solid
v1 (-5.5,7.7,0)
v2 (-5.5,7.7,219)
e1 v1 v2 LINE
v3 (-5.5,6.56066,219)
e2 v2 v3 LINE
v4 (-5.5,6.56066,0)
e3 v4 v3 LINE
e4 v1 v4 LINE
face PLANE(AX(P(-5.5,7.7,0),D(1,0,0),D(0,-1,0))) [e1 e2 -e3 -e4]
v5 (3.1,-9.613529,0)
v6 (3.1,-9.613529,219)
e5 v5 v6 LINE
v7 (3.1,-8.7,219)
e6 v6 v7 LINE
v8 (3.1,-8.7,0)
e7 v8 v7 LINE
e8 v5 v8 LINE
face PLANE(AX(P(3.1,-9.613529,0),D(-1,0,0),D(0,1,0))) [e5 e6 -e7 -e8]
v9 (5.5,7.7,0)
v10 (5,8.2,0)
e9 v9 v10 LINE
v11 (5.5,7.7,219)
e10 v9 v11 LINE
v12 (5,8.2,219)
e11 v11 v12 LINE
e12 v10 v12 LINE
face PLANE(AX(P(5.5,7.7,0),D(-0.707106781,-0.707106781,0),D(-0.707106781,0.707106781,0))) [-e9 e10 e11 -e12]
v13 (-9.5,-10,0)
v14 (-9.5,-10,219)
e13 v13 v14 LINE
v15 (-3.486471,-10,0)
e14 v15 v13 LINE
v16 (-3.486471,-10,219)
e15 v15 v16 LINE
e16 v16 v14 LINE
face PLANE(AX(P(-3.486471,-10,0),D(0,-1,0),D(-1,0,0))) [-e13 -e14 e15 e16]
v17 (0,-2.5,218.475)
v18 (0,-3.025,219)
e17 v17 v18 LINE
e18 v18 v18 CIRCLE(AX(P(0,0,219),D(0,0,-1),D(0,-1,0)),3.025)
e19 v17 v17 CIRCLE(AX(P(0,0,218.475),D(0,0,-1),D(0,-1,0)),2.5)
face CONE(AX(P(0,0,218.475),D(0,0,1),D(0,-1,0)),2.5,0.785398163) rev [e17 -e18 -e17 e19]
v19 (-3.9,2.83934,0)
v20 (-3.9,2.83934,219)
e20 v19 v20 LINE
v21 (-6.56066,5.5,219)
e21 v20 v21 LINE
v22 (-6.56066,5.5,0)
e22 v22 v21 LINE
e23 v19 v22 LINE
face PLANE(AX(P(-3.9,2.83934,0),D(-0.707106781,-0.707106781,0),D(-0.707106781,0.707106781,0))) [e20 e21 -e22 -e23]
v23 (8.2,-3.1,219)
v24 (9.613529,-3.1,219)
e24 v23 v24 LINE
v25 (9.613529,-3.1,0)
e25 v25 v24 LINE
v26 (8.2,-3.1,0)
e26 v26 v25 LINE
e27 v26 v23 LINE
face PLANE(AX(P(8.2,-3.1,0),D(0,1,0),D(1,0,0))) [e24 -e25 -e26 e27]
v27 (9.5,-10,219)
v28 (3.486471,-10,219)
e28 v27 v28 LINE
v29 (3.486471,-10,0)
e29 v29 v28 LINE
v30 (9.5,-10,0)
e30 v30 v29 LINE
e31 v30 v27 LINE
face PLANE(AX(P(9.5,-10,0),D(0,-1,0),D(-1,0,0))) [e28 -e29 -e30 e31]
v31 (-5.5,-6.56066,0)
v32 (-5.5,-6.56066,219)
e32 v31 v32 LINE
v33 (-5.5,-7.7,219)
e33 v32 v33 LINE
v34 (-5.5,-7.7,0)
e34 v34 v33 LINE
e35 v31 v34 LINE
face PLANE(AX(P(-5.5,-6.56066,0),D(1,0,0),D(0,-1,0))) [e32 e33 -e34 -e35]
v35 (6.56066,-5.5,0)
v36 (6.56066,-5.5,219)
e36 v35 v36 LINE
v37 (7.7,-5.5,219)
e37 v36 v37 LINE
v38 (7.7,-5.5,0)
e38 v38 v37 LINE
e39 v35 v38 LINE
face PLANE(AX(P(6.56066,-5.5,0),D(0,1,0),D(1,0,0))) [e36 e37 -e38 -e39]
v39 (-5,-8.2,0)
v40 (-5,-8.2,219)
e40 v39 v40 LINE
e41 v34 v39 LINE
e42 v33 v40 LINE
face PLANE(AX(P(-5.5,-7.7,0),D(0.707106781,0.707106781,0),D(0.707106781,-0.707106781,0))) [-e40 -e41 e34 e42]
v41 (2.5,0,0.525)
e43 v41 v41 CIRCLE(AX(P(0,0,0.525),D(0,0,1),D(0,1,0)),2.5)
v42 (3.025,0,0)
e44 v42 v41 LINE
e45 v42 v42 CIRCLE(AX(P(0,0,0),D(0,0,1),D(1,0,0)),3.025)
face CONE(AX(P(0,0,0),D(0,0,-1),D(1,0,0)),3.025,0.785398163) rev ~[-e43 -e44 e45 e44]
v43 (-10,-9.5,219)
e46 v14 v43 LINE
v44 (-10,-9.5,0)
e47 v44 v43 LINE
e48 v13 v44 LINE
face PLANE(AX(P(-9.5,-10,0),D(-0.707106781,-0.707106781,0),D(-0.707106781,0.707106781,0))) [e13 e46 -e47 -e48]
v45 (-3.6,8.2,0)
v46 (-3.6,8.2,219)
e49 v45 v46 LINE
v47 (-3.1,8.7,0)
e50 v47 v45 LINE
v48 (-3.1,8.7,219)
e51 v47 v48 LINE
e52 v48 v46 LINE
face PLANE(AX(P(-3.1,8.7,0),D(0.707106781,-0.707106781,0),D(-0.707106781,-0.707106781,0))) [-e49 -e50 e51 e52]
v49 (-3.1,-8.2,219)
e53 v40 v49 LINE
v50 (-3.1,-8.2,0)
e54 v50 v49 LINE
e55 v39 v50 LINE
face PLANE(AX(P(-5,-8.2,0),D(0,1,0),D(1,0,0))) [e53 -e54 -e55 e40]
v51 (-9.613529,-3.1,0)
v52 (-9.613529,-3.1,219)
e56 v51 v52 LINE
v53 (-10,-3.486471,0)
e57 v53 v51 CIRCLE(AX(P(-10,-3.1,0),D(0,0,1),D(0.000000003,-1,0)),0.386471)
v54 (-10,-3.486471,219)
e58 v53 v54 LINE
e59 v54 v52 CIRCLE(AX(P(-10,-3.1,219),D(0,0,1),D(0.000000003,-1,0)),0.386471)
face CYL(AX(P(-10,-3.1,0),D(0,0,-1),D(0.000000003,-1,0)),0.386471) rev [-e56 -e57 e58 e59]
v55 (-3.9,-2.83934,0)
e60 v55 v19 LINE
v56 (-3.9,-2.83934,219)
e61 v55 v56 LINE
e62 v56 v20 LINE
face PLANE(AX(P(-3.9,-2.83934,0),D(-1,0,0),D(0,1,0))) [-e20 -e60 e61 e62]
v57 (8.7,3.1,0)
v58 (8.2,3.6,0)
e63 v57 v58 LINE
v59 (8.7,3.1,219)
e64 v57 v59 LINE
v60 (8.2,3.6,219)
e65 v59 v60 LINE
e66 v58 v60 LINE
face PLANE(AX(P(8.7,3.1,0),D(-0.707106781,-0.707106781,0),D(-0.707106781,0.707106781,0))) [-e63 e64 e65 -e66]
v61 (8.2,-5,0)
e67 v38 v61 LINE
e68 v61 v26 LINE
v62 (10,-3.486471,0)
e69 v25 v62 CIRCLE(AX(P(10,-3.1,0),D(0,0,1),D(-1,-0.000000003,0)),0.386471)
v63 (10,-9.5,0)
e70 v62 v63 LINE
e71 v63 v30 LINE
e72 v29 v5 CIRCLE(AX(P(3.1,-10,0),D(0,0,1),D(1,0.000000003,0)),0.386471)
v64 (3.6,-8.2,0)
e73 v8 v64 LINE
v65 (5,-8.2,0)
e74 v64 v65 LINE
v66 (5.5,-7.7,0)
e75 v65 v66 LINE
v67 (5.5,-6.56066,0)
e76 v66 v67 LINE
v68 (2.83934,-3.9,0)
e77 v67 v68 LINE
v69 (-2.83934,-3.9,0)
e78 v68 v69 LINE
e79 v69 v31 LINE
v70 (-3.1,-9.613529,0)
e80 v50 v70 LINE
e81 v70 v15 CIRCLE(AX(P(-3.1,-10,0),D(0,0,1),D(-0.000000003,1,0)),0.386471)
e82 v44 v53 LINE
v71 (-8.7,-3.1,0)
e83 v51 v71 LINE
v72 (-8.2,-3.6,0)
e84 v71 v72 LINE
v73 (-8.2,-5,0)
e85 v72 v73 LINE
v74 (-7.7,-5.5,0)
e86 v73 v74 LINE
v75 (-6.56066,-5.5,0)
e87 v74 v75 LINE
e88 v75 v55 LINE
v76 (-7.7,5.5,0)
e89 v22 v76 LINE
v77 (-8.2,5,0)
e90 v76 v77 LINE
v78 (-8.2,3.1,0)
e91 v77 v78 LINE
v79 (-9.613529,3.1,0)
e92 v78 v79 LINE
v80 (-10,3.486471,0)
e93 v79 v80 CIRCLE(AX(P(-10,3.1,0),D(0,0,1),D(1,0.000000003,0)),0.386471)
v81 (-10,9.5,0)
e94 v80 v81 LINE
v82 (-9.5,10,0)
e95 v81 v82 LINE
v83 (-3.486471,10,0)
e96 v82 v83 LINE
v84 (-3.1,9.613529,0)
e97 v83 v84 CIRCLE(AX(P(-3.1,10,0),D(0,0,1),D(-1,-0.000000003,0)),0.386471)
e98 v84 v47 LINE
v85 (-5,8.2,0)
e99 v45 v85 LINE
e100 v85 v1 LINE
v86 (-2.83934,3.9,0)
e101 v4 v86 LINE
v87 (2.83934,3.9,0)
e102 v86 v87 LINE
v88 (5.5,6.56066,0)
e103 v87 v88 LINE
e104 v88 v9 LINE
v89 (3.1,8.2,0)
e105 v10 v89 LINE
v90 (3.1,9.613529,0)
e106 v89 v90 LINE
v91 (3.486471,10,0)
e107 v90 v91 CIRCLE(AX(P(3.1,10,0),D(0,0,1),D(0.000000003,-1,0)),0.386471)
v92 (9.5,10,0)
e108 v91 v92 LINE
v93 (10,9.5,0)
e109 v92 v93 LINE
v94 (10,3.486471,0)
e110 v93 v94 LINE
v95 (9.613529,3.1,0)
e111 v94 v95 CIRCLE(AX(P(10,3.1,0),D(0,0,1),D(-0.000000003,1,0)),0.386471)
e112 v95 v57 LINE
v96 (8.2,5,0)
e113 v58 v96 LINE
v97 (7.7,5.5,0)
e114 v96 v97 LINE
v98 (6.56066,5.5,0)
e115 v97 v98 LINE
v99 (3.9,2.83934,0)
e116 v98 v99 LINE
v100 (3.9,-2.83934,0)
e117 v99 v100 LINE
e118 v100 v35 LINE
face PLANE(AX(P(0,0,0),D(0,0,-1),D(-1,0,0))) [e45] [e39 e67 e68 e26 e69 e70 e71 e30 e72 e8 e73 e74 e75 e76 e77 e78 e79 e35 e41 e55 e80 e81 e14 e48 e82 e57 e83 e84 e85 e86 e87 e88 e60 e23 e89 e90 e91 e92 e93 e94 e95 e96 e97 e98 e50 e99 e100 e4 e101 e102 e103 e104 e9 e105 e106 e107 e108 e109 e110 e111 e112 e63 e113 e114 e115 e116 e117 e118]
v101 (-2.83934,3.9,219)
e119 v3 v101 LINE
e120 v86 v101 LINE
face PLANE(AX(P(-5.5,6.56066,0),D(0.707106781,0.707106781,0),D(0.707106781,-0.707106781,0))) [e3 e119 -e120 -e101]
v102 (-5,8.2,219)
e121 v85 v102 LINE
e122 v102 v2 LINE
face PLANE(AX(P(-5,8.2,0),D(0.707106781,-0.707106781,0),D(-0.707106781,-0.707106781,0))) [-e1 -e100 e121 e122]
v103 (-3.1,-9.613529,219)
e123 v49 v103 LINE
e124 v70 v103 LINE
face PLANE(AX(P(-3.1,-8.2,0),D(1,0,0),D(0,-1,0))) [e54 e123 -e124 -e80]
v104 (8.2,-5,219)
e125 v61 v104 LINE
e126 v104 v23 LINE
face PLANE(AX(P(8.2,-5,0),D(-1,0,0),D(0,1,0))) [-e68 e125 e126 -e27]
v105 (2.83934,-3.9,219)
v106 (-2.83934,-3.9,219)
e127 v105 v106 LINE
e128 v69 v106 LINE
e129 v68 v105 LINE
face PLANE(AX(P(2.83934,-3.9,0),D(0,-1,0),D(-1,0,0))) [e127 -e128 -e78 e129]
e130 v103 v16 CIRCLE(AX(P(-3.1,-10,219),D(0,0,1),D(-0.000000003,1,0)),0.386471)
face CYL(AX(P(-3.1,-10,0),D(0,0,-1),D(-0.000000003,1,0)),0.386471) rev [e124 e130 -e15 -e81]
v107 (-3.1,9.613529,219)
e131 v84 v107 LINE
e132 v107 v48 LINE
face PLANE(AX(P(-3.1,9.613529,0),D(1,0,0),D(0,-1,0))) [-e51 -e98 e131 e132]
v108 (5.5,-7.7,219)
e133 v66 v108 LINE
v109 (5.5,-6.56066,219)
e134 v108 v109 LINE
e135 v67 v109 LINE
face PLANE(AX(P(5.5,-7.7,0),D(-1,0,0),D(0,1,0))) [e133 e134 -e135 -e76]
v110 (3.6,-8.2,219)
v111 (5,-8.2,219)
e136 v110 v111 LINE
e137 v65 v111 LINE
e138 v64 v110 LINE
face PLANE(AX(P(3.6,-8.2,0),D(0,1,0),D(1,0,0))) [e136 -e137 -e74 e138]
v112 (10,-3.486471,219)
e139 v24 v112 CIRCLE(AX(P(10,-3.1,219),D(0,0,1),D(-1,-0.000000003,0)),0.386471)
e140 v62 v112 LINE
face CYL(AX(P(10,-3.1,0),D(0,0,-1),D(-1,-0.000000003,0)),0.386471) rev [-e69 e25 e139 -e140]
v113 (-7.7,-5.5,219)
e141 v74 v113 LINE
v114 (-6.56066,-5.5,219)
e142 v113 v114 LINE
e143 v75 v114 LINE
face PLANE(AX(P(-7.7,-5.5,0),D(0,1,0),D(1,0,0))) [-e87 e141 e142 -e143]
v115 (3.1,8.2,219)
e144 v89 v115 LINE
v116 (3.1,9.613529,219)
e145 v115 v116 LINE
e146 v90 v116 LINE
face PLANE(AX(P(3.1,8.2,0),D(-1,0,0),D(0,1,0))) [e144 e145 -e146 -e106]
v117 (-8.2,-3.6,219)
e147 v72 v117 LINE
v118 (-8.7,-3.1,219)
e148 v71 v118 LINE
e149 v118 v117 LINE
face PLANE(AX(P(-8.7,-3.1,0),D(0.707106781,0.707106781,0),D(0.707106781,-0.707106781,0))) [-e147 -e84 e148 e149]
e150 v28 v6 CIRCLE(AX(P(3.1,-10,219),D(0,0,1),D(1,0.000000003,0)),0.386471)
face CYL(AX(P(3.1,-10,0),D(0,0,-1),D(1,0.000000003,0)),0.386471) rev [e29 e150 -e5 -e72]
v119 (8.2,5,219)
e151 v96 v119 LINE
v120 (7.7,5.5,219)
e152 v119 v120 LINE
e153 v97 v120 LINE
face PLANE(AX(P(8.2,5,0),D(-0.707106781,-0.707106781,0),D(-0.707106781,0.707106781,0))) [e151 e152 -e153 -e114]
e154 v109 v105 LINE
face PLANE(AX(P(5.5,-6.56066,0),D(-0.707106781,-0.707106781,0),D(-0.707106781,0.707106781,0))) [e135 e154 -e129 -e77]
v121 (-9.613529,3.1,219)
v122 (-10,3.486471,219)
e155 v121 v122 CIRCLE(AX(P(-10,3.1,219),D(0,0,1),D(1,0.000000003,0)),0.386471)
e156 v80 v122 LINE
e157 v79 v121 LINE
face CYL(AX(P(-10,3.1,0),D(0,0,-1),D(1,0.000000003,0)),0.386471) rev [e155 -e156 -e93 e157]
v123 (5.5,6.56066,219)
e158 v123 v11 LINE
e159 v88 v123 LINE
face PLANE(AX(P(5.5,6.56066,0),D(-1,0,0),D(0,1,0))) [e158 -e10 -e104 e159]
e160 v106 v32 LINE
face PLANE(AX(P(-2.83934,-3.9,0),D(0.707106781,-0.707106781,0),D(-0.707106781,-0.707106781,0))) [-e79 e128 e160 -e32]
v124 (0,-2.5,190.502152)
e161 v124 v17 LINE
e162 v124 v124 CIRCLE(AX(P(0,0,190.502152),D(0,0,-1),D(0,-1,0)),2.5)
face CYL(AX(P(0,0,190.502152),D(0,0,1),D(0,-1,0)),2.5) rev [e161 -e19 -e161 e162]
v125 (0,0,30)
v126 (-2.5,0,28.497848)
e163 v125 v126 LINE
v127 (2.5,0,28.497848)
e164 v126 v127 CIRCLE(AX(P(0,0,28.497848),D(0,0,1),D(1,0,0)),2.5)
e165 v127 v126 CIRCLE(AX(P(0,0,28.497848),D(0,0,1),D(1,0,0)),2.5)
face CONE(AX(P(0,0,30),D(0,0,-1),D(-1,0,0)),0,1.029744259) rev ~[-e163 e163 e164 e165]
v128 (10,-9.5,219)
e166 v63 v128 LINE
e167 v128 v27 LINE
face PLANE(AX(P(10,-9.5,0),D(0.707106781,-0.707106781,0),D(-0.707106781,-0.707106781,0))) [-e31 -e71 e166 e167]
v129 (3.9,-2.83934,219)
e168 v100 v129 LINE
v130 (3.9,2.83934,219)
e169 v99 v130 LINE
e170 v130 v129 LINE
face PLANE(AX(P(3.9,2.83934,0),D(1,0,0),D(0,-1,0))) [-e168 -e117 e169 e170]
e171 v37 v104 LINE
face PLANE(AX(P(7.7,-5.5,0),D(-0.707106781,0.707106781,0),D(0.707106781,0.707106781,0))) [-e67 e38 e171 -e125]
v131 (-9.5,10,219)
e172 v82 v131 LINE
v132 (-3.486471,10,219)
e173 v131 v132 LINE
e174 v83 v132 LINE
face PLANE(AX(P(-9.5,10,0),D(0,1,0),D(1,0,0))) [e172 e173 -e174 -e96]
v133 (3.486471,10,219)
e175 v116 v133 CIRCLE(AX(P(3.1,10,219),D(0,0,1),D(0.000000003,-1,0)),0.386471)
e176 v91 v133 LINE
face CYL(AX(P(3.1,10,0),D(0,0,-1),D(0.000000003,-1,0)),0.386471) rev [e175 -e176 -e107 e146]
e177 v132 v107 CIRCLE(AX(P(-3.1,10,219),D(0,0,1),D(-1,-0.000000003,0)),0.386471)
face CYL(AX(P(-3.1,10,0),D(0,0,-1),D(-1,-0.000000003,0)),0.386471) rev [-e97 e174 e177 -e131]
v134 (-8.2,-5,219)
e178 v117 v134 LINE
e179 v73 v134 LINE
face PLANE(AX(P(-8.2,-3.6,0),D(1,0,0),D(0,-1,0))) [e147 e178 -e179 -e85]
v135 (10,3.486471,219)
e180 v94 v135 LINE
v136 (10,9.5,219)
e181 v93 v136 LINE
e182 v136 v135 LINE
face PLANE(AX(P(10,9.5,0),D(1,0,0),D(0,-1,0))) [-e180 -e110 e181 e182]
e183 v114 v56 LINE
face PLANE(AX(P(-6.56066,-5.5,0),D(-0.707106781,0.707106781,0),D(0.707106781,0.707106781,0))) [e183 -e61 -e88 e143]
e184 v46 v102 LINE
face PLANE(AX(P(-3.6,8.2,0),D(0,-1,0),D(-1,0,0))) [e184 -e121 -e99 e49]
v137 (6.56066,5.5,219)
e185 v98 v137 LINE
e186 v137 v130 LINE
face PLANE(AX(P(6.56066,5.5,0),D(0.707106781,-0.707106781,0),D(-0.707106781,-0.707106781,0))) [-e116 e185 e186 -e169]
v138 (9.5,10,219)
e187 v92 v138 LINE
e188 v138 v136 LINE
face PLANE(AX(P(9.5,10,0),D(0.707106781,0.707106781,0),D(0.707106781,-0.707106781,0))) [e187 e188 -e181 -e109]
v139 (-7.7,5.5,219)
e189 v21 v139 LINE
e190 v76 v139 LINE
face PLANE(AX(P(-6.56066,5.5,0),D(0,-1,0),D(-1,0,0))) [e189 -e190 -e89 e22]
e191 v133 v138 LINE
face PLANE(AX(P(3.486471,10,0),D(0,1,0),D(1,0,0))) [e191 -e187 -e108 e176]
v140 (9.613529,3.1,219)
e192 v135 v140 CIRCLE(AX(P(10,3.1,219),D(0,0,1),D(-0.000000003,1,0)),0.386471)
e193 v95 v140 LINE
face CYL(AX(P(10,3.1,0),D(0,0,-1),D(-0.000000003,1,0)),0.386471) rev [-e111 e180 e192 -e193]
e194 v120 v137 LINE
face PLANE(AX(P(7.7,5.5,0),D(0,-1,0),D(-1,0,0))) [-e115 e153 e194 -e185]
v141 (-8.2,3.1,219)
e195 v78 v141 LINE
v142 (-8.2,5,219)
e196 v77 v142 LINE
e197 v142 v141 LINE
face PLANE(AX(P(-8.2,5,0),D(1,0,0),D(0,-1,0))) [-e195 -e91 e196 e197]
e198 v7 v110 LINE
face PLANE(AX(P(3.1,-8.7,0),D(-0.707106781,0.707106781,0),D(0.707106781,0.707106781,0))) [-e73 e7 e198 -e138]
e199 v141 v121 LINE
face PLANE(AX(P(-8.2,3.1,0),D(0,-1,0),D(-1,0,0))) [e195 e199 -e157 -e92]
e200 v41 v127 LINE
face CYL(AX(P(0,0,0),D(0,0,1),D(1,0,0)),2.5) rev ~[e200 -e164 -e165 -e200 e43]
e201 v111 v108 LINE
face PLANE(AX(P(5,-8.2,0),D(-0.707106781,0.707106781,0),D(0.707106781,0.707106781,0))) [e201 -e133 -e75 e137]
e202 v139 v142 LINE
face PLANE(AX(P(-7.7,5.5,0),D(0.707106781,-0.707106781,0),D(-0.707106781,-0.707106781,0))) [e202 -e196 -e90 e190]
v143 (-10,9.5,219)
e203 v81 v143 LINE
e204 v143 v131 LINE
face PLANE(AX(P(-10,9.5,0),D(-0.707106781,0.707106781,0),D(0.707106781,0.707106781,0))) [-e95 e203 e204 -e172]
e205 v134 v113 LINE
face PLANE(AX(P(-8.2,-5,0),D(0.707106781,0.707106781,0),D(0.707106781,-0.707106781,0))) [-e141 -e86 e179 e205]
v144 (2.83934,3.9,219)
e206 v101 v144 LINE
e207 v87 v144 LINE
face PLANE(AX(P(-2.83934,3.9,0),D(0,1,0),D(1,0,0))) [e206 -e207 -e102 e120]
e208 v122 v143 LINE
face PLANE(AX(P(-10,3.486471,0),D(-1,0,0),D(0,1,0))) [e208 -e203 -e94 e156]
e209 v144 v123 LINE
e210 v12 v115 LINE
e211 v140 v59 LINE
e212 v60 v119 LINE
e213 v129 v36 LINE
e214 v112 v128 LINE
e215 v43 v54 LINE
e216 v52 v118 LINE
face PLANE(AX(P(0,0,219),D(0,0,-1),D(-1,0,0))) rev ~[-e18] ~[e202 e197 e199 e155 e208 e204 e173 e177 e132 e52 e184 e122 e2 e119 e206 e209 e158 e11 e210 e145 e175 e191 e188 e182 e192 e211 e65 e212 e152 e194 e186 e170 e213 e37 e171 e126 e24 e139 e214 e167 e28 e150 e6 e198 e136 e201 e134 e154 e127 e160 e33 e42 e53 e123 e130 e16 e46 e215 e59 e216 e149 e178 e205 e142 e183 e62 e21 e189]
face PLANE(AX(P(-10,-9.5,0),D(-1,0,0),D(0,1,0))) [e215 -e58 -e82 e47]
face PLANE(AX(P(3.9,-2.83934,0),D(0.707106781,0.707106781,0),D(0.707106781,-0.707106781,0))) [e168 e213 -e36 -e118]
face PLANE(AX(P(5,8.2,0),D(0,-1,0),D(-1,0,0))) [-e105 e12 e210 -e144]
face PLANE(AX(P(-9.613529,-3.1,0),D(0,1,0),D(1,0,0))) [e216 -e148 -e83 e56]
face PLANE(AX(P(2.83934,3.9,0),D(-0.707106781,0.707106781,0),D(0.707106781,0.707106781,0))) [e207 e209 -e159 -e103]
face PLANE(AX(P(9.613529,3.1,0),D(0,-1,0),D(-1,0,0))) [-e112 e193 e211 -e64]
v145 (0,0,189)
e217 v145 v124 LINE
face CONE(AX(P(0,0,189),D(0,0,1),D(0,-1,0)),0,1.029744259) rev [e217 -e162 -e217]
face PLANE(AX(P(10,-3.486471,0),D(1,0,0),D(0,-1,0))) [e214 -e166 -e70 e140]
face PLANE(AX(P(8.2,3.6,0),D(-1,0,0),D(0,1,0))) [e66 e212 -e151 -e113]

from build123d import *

# Parameters (mm, degrees)
BOSS_EXTRUDE1_DEPTH             = 219
M6X1_0_TAPPED_HOLE2_D           = 5
M6X1_0_TAPPED_HOLE2_DEPTH       = 28.497848452
M6X1_0_TAPPED_HOLE2_CSINK_D     = 6.05
M6X1_0_TAPPED_HOLE2_CSINK_ANGLE = 90
M6X1_0_TAPPED_HOLE2_TIP         = 1.502151548


with BuildPart() as part:
    # Sketch1 → Boss-Extrude1 (new body)
    with BuildSketch(Plane.XY):
        with BuildLine():
            Line((-9.5, 10), (-3.486470896, 10))
            ThreePointArc((-3.486470896, 10), (-3.373276191, 9.726723809), (-3.1, 9.613529104))
            Line((-3.1, 9.613529104), (-3.1, 8.7))
            Line((-3.1, 8.7), (-3.6, 8.2))
            Line((-3.6, 8.2), (-5, 8.2))
            Line((-5, 8.2), (-5.5, 7.7))
            Line((-5.5, 7.7), (-5.5, 6.560660172))
            Line((-5.5, 6.560660172), (-2.839339828, 3.9))
            Line((-2.839339828, 3.9), (0, 3.9))
            Line((0, 3.9), (2.839339828, 3.9))
            Line((2.839339828, 3.9), (5.5, 6.560660172))
            Line((5.5, 6.560660172), (5.5, 7.7))
            Line((5.5, 7.7), (5, 8.2))
            Line((5, 8.2), (3.1, 8.2))
            Line((3.1, 8.2), (3.1, 9.613529104))
            ThreePointArc((3.1, 9.613529104), (3.373276191, 9.726723809), (3.486470896, 10))
            Line((3.486470896, 10), (9.5, 10))
            Line((9.5, 10), (10, 9.5))
            Line((10, 9.5), (10, 3.486470896))
            ThreePointArc((10, 3.486470896), (9.726723809, 3.373276191), (9.613529104, 3.1))
            Line((9.613529104, 3.1), (8.7, 3.1))
            Line((8.7, 3.1), (8.2, 3.6))
            Line((8.2, 3.6), (8.2, 5))
            Line((8.2, 5), (7.7, 5.5))
            Line((7.7, 5.5), (6.560660172, 5.5))
            Line((6.560660172, 5.5), (3.9, 2.839339828))
            Line((3.9, 2.839339828), (3.9, 0))
            Line((3.9, 0), (3.9, -2.839339828))
            Line((3.9, -2.839339828), (6.560660172, -5.5))
            Line((6.560660172, -5.5), (7.7, -5.5))
            Line((7.7, -5.5), (8.2, -5))
            Line((8.2, -5), (8.2, -3.1))
            Line((8.2, -3.1), (9.613529104, -3.1))
            ThreePointArc((9.613529104, -3.1), (9.726723809, -3.373276191), (10, -3.486470896))
            Line((10, -3.486470896), (10, -9.5))
            Line((10, -9.5), (9.5, -10))
            Line((9.5, -10), (3.486470896, -10))
            ThreePointArc((3.486470896, -10), (3.373276191, -9.726723809), (3.1, -9.613529104))
            Line((3.1, -9.613529104), (3.1, -8.7))
            Line((3.1, -8.7), (3.6, -8.2))
            Line((3.6, -8.2), (5, -8.2))
            Line((5, -8.2), (5.5, -7.7))
            Line((5.5, -7.7), (5.5, -6.560660172))
            Line((5.5, -6.560660172), (2.839339828, -3.9))
            Line((2.839339828, -3.9), (0, -3.9))
            Line((0, -3.9), (-2.839339828, -3.9))
            Line((-2.839339828, -3.9), (-5.5, -6.560660172))
            Line((-5.5, -6.560660172), (-5.5, -7.7))
            Line((-5.5, -7.7), (-5, -8.2))
            Line((-5, -8.2), (-3.1, -8.2))
            Line((-3.1, -8.2), (-3.1, -9.613529104))
            ThreePointArc((-3.1, -9.613529104), (-3.373276191, -9.726723809), (-3.486470896, -10))
            Line((-3.486470896, -10), (-9.5, -10))
            Line((-9.5, -10), (-10, -9.5))
            Line((-10, -9.5), (-10, -3.486470896))
            ThreePointArc((-10, -3.486470896), (-9.726723809, -3.373276191), (-9.613529104, -3.1))
            Line((-9.613529104, -3.1), (-8.7, -3.1))
            Line((-8.7, -3.1), (-8.2, -3.6))
            Line((-8.2, -3.6), (-8.2, -5))
            Line((-8.2, -5), (-7.7, -5.5))
            Line((-7.7, -5.5), (-6.560660172, -5.5))
            Line((-6.560660172, -5.5), (-3.9, -2.839339828))
            Line((-3.9, -2.839339828), (-3.9, 0))
            Line((-3.9, 0), (-3.9, 2.839339828))
            Line((-3.9, 2.839339828), (-6.560660172, 5.5))
            Line((-6.560660172, 5.5), (-7.7, 5.5))
            Line((-7.7, 5.5), (-8.2, 5))
            Line((-8.2, 5), (-8.2, 3.1))
            Line((-8.2, 3.1), (-9.613529104, 3.1))
            ThreePointArc((-9.613529104, 3.1), (-9.726723809, 3.373276191), (-10, 3.486470896))
            Line((-10, 3.486470896), (-10, 9.5))
            Line((-10, 9.5), (-9.5, 10))
        make_face()
    extrude(amount=BOSS_EXTRUDE1_DEPTH)

    # Sketch2 → M6x1.0 Tapped Hole1 (revolve, cut)
    with BuildSketch(Plane(origin=(0, 0, 219), x_dir=(0, -1, 0), z_dir=(1, 0, 0))):
        Polygon((0, 0), (0, 30), (2.5, 28.497848452), (2.5, 0.525), (3.025, 0), align=None)
    revolve(axis=Axis((0, 0, 225.35), (0, 0, -1)), mode=Mode.SUBTRACT)

    # M6x1.0 Tapped Hole2
    with Locations(Plane(origin=(0, 0, 0), x_dir=(-1, 0, 0), z_dir=(0, 0, -1))):
        with Locations((0, 0)):
            CounterSinkHole(M6X1_0_TAPPED_HOLE2_D / 2, M6X1_0_TAPPED_HOLE2_CSINK_D / 2, depth=M6X1_0_TAPPED_HOLE2_DEPTH, counter_sink_angle=M6X1_0_TAPPED_HOLE2_CSINK_ANGLE)
            with Locations((0, 0, -(M6X1_0_TAPPED_HOLE2_DEPTH + M6X1_0_TAPPED_HOLE2_TIP / 2))):  # 118° drill point
                Cone(0, M6X1_0_TAPPED_HOLE2_D / 2, M6X1_0_TAPPED_HOLE2_TIP, mode=Mode.SUBTRACT)


solid = part.part
